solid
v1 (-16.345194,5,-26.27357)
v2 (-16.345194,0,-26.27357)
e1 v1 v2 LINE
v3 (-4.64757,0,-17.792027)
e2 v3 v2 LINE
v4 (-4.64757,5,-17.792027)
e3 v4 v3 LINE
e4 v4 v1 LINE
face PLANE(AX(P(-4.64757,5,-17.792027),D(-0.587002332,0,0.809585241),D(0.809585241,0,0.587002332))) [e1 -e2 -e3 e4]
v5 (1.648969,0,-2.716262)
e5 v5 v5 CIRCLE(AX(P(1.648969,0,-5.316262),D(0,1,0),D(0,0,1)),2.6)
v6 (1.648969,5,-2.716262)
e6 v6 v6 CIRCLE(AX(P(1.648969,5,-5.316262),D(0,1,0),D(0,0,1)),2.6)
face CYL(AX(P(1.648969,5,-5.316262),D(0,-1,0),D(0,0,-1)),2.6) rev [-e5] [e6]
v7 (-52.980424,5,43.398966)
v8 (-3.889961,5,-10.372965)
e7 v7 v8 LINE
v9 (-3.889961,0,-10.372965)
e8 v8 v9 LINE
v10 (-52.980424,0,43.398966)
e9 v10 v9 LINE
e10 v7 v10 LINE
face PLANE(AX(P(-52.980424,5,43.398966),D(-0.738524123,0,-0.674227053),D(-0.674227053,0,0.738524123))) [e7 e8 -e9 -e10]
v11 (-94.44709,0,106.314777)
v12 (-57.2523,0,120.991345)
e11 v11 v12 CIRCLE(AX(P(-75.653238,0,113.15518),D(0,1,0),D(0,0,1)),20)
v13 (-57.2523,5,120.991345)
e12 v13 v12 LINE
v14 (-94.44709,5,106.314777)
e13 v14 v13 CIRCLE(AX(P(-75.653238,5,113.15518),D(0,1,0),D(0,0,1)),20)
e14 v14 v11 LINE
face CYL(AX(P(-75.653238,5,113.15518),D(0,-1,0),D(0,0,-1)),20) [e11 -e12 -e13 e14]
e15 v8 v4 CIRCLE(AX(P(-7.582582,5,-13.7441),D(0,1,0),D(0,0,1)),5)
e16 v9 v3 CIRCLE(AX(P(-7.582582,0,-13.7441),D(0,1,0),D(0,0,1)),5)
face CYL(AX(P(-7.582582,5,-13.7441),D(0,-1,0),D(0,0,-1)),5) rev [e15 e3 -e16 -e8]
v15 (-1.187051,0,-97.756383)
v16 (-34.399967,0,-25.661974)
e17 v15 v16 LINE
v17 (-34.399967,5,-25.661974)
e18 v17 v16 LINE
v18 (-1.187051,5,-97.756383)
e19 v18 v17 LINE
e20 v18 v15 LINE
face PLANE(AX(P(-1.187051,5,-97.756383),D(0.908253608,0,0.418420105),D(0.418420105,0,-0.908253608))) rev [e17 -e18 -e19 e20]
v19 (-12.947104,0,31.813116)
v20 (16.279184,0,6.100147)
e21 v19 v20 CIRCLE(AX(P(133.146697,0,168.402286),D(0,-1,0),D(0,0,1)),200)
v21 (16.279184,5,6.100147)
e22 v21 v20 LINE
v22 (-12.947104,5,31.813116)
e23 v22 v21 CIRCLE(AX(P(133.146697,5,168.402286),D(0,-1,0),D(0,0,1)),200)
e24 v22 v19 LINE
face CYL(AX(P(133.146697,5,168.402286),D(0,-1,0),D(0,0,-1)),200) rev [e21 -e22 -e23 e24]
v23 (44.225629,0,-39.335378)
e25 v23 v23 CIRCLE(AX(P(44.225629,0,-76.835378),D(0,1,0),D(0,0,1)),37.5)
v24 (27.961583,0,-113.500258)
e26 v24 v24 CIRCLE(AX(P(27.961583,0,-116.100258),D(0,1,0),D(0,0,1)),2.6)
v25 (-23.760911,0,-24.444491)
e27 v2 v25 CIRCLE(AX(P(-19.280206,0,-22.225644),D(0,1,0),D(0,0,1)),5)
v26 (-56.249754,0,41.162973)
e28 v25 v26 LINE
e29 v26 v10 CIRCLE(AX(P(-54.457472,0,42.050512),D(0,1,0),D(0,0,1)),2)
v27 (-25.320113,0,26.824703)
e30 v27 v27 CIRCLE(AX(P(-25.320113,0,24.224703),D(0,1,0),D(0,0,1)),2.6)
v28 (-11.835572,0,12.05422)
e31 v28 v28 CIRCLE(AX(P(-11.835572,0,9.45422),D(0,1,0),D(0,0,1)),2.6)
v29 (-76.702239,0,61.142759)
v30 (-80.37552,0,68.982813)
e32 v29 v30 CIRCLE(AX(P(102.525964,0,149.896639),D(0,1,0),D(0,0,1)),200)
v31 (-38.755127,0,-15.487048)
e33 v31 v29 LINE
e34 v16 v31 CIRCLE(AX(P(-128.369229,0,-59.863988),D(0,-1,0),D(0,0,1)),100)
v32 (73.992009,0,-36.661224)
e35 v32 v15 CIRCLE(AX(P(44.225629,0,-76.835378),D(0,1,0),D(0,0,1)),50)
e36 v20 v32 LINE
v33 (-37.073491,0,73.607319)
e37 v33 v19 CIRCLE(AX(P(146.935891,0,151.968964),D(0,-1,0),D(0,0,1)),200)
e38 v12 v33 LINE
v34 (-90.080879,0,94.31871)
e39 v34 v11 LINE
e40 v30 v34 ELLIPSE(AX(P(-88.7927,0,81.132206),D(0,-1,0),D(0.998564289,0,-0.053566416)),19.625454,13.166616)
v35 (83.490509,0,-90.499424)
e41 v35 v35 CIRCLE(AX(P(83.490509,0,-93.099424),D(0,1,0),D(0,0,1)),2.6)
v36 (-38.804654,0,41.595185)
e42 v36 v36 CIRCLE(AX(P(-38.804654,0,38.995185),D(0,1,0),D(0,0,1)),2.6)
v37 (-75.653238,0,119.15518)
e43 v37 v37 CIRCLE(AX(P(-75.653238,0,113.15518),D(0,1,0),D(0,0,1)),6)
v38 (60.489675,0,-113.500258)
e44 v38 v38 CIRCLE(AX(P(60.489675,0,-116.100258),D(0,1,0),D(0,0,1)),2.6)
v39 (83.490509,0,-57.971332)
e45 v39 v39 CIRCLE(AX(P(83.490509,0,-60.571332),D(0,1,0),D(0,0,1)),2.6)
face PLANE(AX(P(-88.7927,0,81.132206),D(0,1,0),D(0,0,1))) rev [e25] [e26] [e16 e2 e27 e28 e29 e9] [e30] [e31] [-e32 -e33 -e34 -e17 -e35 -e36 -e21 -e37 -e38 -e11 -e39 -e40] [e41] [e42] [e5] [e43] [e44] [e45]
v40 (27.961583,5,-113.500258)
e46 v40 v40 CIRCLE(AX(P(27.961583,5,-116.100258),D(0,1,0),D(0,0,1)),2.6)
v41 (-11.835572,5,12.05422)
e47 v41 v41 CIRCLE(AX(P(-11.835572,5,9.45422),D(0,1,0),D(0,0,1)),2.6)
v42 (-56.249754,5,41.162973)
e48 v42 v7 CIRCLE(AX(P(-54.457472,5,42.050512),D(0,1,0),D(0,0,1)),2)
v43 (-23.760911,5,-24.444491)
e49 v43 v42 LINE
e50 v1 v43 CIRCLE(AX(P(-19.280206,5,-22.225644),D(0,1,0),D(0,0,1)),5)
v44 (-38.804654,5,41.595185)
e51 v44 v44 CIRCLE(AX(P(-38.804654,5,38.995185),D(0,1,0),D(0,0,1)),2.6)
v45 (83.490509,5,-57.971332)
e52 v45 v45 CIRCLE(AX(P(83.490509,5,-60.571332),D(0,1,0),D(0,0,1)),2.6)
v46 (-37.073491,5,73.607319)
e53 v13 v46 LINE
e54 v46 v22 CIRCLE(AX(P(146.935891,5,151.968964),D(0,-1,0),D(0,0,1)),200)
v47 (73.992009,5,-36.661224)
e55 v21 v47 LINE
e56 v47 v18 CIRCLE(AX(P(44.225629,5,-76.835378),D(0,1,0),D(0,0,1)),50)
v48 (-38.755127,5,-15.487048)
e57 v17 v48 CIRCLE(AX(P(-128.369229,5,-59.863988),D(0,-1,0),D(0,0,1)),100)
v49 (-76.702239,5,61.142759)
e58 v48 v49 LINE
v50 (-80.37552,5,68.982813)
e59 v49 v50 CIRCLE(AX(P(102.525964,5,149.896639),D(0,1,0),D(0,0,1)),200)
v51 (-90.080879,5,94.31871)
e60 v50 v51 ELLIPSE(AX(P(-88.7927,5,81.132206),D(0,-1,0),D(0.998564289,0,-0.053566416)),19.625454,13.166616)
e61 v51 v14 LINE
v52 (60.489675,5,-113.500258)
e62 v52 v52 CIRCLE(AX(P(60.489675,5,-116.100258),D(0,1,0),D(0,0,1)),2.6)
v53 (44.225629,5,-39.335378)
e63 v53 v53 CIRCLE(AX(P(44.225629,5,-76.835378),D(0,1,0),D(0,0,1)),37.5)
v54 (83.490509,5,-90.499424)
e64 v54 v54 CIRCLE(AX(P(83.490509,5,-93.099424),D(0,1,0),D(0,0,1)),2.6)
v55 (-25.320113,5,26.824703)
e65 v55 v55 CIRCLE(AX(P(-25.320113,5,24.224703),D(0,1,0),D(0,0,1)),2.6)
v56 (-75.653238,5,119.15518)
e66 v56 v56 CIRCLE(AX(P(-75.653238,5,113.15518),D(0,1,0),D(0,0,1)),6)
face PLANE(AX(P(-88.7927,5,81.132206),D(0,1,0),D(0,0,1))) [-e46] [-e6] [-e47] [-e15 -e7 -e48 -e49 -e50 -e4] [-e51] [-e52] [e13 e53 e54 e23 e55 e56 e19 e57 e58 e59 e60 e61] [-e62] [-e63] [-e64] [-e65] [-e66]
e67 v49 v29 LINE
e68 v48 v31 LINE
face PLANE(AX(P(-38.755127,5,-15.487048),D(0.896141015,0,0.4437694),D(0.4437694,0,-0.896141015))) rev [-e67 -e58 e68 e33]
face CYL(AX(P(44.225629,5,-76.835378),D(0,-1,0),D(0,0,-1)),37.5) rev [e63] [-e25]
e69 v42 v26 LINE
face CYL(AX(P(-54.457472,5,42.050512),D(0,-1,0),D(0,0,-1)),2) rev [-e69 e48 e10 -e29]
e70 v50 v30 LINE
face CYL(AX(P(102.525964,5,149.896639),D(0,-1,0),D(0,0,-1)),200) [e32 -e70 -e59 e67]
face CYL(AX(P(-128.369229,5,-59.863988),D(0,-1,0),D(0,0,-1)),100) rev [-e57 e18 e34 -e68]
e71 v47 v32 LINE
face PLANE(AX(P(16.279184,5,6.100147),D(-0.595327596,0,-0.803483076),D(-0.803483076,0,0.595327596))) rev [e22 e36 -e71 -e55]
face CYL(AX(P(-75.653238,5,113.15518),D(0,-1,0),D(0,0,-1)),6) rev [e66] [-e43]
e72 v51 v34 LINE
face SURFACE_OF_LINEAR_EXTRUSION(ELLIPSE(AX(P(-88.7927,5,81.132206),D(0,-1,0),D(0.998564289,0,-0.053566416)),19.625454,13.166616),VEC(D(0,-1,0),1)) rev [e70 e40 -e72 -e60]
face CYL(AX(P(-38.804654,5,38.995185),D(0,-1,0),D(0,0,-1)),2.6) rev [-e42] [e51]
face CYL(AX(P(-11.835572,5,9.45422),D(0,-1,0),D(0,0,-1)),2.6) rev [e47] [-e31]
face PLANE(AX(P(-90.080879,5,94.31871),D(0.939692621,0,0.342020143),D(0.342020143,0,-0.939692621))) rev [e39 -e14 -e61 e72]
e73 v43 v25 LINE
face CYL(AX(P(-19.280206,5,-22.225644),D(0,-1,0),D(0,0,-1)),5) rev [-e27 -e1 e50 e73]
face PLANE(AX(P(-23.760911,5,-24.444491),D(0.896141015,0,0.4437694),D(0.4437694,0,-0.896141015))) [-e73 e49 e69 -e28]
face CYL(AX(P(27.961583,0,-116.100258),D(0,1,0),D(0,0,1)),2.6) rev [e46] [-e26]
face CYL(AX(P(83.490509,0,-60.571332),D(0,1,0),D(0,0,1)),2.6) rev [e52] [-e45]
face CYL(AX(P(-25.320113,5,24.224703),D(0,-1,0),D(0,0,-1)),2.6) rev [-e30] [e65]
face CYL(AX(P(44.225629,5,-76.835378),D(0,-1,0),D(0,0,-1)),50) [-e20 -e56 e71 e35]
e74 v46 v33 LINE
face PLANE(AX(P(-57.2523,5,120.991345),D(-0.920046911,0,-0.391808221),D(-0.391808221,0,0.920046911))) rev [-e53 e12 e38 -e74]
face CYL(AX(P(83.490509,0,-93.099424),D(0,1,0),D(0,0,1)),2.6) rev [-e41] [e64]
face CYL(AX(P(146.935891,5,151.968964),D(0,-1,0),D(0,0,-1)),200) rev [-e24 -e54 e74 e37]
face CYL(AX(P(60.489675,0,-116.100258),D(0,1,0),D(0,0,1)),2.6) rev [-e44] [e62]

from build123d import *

# Parameters (mm, degrees)
SKETCH_4_R          = 6
SKETCH_4_R_2        = 37.5
SKETCH_4_R_3        = 2.6
EXTRUDE_1_DEPTH     = 5
SKETCH_5_R          = 2.6
CUT_EXTRUDE_1_DEPTH = 5


with BuildPart() as part:
    # 草图4 → 凸台-拉伸1 (new body)
    with BuildSketch(Plane(origin=(0, 0, 0), x_dir=(1, 0, 0), z_dir=(0, 1, 0))):
        with BuildLine():
            Line((-1.187051208, 97.756382931), (-34.399966732, 25.661973505))
            ThreePointArc((-34.399966732, 25.661973505), (-36.436671314, 20.514211828), (-38.755127266, 15.487047832))
            Line((-38.755127266, 15.487047832), (-76.702239109, -61.142758857))
            ThreePointArc((-76.702239109, -61.142758857), (-78.581308529, -65.042906811), (-80.375519882, -68.982813099))
            add(Edge.make_bspline(
                [(-90.080878885, -94.318710442), (-73.900652668, -94.557787877), (-69.815317221, -83.892995419), (-65.729981774, -73.228202961), (-80.375519882, -68.982813099)],
                knots=[1.469085418, 1.469085418, 1.469085418, 2.850930512, 2.850930512, 4.232775606, 4.232775606, 4.232775606], degree=2, weights=[1, 0.770658452, 1, 0.770658452, 1]))
            Line((-90.080878885, -94.318710442), (-94.447090172, -106.314777361))
            ThreePointArc((-94.447090172, -106.314777361), (-82.99415066, -131.759238863), (-57.252299544, -120.991344654))
            Line((-57.252299544, -120.991344654), (-37.073490807, -73.607319444))
            ThreePointArc((-37.073490807, -73.607319444), (-26.275484562, -51.979867968), (-12.947104361, -31.813116187))
            ThreePointArc((-12.947104361, -31.813116187), (1.038966567, -18.243877447), (16.279183802, -6.100146611))
            Line((16.279183802, -6.100146611), (73.992008997, 36.661223905))
            ThreePointArc((73.992008997, 36.661223905), (75.759044699, 115.638002674), (-1.187051208, 97.756382931))
        make_face()
        with Locations(Location((-75.653237756, -113.155180227, 0), (0, 0, 270))):
            Circle(SKETCH_4_R, mode=Mode.SUBTRACT)
        with Locations(Location((44.225629177, 76.835377691, 0), (0, 0, 270))):
            Circle(SKETCH_4_R_2, mode=Mode.SUBTRACT)
        with Locations(Location((-38.804653771, -38.995185245, 0), (0, 0, 270))):
            Circle(SKETCH_4_R_3, mode=Mode.SUBTRACT)
        with Locations(Location((-11.835571633, -9.45422032, 0), (0, 0, 270))):
            Circle(SKETCH_4_R_3, mode=Mode.SUBTRACT)
        with Locations(Location((-25.320112702, -24.224702783, 0), (0, 0, 270))):
            Circle(SKETCH_4_R_3, mode=Mode.SUBTRACT)
        with Locations(Location((1.648969436, 5.316262142, 0), (0, 0, 270))):
            Circle(SKETCH_4_R_3, mode=Mode.SUBTRACT)
        with BuildLine():
            Line((-23.760910885, 24.444490758), (-56.249753951, -41.162972966))
            ThreePointArc((-56.249753951, -41.162972966), (-55.586524246, -43.701342116), (-52.980423674, -43.398965873))
            Line((-52.980423674, -43.398965873), (-3.889961488, 10.372965042))
            ThreePointArc((-3.889961488, 10.372965042), (-2.608449448, 14.252041571), (-4.647570443, 17.792026514))
            Line((-4.647570443, 17.792026514), (-16.345194148, 26.273569961))
            ThreePointArc((-16.345194148, 26.273569961), (-20.477567373, 27.080159725), (-23.760910885, 24.444490758))
        make_face(mode=Mode.SUBTRACT)
    extrude(amount=EXTRUDE_1_DEPTH)

    # 草图5 → 切除-拉伸1 (cut)
    with BuildSketch(Plane(origin=(0, 5, 0), x_dir=(1, 0, 0), z_dir=(0, 1, 0))):
        with Locations(Location((60.489675053, 116.100257823, 0), (0, 0, 270))):
            Circle(SKETCH_5_R)
        with Locations(Location((83.490509309, 93.099423567, 0), (0, 0, 270))):
            Circle(SKETCH_5_R)
        with Locations(Location((83.490509309, 60.571331816, 0), (0, 0, 270))):
            Circle(SKETCH_5_R)
        with Locations(Location((27.961583302, 116.100257823, 0), (0, 0, 270))):
            Circle(SKETCH_5_R)
    extrude(amount=-CUT_EXTRUDE_1_DEPTH, mode=Mode.SUBTRACT)


solid = part.part
